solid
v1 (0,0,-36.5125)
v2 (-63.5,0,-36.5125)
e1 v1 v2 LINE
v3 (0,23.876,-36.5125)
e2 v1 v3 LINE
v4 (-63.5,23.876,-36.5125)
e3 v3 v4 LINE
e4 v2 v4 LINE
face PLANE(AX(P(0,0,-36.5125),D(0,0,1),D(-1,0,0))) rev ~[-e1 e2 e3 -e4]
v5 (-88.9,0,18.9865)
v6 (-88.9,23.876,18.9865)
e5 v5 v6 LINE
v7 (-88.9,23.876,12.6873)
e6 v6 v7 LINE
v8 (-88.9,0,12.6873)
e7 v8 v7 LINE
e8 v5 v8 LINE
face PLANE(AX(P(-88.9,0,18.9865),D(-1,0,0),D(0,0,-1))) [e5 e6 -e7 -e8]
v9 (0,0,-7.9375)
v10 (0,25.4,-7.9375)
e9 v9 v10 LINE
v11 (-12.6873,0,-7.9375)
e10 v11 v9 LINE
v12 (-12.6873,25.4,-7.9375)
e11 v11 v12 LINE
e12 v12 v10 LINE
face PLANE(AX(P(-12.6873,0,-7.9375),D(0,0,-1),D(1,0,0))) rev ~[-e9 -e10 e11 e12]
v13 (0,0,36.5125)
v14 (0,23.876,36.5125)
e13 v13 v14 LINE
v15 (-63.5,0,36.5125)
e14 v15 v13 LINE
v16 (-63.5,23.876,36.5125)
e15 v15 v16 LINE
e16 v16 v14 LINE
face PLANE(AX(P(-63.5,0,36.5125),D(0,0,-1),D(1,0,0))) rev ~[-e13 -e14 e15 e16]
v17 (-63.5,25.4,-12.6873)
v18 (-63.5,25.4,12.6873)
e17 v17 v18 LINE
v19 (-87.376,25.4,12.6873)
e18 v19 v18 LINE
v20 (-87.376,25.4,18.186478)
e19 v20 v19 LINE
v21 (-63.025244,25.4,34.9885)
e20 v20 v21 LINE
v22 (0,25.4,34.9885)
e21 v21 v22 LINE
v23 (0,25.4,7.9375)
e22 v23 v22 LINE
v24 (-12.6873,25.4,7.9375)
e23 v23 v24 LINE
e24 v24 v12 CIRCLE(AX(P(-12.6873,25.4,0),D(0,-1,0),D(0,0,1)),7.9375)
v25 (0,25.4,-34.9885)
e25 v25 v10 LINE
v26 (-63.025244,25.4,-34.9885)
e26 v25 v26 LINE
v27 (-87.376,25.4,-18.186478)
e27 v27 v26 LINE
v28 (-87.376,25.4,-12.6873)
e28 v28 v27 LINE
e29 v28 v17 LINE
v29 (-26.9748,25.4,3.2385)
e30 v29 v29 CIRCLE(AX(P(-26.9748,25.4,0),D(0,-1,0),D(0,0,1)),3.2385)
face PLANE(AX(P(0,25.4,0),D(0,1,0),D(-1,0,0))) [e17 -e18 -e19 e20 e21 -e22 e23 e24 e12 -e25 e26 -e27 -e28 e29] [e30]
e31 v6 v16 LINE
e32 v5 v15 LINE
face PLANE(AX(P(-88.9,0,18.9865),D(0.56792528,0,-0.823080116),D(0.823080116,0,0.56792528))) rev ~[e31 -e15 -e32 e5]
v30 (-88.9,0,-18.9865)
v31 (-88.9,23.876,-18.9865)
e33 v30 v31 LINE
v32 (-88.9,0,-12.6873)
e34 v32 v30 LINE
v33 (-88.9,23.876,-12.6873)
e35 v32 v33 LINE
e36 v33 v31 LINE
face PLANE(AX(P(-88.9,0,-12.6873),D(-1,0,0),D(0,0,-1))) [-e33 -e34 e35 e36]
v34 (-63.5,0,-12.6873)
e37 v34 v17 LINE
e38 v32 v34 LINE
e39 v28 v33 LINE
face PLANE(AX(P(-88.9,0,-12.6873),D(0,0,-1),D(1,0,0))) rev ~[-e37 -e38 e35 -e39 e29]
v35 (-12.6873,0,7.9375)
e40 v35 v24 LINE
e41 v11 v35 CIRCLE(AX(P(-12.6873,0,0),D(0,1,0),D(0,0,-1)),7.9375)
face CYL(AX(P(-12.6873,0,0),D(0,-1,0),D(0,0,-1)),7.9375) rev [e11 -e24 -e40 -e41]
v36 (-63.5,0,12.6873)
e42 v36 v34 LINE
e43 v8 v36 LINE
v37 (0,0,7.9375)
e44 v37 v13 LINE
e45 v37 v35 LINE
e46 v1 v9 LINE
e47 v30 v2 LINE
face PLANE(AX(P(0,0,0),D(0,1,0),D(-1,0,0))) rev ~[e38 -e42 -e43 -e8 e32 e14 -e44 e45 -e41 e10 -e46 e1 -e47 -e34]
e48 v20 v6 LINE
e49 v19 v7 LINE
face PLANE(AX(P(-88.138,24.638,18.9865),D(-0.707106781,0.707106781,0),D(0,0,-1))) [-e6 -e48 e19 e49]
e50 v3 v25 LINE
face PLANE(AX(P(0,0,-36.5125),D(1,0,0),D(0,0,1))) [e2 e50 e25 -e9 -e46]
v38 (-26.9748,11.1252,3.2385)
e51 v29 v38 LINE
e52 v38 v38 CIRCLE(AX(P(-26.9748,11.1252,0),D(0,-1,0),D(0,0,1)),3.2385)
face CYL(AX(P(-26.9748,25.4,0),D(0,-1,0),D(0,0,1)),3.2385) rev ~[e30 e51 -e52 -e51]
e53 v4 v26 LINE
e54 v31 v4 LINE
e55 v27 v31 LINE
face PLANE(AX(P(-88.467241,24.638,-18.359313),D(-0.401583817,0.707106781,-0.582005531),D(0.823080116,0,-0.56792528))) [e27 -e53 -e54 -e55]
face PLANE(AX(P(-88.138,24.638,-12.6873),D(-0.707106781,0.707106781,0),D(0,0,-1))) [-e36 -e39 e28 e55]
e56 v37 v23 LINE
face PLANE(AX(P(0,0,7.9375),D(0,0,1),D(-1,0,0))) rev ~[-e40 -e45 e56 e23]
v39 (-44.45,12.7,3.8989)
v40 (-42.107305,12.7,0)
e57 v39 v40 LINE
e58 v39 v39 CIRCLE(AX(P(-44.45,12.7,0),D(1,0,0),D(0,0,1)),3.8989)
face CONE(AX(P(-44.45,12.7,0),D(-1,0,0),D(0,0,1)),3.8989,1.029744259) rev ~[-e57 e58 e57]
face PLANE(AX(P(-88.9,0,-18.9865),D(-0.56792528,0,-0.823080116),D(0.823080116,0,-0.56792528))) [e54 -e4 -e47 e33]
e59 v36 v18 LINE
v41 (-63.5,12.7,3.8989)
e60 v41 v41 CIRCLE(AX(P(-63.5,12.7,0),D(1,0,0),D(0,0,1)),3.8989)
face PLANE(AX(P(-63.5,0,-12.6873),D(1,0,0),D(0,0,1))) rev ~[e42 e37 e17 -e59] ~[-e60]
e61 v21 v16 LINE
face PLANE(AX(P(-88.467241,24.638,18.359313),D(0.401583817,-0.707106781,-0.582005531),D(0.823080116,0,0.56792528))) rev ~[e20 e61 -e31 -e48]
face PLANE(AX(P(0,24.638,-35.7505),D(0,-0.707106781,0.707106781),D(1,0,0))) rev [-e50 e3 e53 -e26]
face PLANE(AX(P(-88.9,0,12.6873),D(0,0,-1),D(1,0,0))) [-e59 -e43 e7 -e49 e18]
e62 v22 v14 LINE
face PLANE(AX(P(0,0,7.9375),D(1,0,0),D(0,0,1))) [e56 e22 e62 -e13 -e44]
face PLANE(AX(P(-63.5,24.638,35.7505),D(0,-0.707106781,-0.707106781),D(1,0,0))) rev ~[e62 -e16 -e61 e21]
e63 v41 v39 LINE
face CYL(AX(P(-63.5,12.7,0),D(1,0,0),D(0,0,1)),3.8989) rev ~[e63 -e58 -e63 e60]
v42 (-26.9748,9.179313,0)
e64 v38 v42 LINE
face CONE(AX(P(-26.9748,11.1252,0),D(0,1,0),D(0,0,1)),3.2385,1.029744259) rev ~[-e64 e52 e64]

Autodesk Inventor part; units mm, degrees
ref_plane "YZ Plane" through (0, 0, 0) normal (1, 0, 0) x (0, 1, 0)
ref_plane "XZ Plane" through (0, 0, 0) normal (0, 1, 0) x (-1, 0, 0)
ref_plane "XY Plane" through (0, 0, 0) normal (0, 0, 1) x (1, 0, 0)
sketch "Sketch1" plane through (0, 0, 0) normal (0, 1, 0) x (-1, 0, 0)
  line L0 (0, -51.1175) -> (0, 51.1175) projected
  line L1 (-17.78, 0) -> (106.68, 0) projected
  line L2 (106.68, 0) -> (-17.78, 0) projected
  line L3 (0, -51.1175) -> (0, 51.1175) projected
  line L4 (63.5, 36.5125) -> (0, 36.5125)
  line L5 (0, -36.5125) -> (63.5, -36.5125)
  line L6 (0, 36.5125) -> (63.5, 36.5125)
  line L7 (88.9, 18.9865) -> (63.5, 36.5125)
  line L8 (88.9, 12.6873) -> (63.5, 12.6873)
  line L9 (63.5, 12.6873) -> (63.5, 0)
  line L10 (88.9, -18.9865) -> (63.5, -36.5125)
  line L11 (88.9, -12.6873) -> (63.5, -12.6873)
  line L12 (63.5, -12.6873) -> (63.5, 0)
  line L13 (88.9, 18.9865) -> (88.9, 12.6873)
  line L14 (88.9, -12.6873) -> (88.9, -18.9865)
  line L15 (0, 7.9375) -> (12.6873, 7.9375)
  line L16 (12.6873, -7.9375) -> (0, -7.9375)
  arc A0 (12.6873, -7.9375) -> (12.6873, 7.9375) centre (12.6873, 0) ccw
  line L17 (0, 36.5125) -> (0, 7.9375)
  line L18 (0, -7.9375) -> (0, -36.5125)
  point P0 (0, 0)
  point P1 (0, 0)
  point P2 (0, 36.5125)
  point P3 (0, -7.9375)
  dimension "d1" = 73.025
  dimension "d2" = 63.5
  dimension "d4" = 17.526
  dimension "d5" = 88.9
  dimension "d7" = 23.8252
  dimension "d10" = 12.6873
  dimension "d11" = 15.875
  dimension "d12" = 36.5125
extrude "Extrusion1" add sketch "Sketch1" along normal blind 25.4 contours L0 L16 A0 L1 L12 L11 L14 L10 L5 | L0 L4 L7 L13 L8 L9 L1 A0 L15
chamfer "Chamfer1" distance 1.524 angle 45 6 edges at (-31.75, 25.4, 36.5125) (-76.2, 25.4, 27.7495) (-88.9, 25.4, 15.8369) (-31.75, 25.4, -36.5125) (-76.2, 25.4, -27.7495) (-88.9, 25.4, -15.8369)
sketch "Sketch2" plane through (0, 25.4, 0) normal (0, 1, 0) x (1, 0, 0)
  point P0 (0, 0)
  point P1 (-26.9748, 0)
  dimension "d18" = 26.9748
hole "Hole1" at (-26.9748, 25.4, 0) direction (0, -1, 0) diameter 6.477 depth 14.2748 tip angle 118
sketch "Sketch3" plane through (-63.5, 0, -12.6873) normal (-1, 0, 0) x (0, 0, 1)
  line L0 (0, 0) -> (25.3746, 0) projected
  point P0 (12.6873, 0)
  point P1 (12.6873, 12.7)
  point P2 (12.6873, 0)
  dimension "d26" = 12.7
hole "Hole2" at (-63.5, 12.7, 0) direction (1, 0, 0) diameter 7.7978 depth 19.05 tip angle 118 thread size "3/8-16 UNC" class "2B" standard "ANSI Unified Screw Threads"
properties part number "Ch7(5) Part 1 Base"
